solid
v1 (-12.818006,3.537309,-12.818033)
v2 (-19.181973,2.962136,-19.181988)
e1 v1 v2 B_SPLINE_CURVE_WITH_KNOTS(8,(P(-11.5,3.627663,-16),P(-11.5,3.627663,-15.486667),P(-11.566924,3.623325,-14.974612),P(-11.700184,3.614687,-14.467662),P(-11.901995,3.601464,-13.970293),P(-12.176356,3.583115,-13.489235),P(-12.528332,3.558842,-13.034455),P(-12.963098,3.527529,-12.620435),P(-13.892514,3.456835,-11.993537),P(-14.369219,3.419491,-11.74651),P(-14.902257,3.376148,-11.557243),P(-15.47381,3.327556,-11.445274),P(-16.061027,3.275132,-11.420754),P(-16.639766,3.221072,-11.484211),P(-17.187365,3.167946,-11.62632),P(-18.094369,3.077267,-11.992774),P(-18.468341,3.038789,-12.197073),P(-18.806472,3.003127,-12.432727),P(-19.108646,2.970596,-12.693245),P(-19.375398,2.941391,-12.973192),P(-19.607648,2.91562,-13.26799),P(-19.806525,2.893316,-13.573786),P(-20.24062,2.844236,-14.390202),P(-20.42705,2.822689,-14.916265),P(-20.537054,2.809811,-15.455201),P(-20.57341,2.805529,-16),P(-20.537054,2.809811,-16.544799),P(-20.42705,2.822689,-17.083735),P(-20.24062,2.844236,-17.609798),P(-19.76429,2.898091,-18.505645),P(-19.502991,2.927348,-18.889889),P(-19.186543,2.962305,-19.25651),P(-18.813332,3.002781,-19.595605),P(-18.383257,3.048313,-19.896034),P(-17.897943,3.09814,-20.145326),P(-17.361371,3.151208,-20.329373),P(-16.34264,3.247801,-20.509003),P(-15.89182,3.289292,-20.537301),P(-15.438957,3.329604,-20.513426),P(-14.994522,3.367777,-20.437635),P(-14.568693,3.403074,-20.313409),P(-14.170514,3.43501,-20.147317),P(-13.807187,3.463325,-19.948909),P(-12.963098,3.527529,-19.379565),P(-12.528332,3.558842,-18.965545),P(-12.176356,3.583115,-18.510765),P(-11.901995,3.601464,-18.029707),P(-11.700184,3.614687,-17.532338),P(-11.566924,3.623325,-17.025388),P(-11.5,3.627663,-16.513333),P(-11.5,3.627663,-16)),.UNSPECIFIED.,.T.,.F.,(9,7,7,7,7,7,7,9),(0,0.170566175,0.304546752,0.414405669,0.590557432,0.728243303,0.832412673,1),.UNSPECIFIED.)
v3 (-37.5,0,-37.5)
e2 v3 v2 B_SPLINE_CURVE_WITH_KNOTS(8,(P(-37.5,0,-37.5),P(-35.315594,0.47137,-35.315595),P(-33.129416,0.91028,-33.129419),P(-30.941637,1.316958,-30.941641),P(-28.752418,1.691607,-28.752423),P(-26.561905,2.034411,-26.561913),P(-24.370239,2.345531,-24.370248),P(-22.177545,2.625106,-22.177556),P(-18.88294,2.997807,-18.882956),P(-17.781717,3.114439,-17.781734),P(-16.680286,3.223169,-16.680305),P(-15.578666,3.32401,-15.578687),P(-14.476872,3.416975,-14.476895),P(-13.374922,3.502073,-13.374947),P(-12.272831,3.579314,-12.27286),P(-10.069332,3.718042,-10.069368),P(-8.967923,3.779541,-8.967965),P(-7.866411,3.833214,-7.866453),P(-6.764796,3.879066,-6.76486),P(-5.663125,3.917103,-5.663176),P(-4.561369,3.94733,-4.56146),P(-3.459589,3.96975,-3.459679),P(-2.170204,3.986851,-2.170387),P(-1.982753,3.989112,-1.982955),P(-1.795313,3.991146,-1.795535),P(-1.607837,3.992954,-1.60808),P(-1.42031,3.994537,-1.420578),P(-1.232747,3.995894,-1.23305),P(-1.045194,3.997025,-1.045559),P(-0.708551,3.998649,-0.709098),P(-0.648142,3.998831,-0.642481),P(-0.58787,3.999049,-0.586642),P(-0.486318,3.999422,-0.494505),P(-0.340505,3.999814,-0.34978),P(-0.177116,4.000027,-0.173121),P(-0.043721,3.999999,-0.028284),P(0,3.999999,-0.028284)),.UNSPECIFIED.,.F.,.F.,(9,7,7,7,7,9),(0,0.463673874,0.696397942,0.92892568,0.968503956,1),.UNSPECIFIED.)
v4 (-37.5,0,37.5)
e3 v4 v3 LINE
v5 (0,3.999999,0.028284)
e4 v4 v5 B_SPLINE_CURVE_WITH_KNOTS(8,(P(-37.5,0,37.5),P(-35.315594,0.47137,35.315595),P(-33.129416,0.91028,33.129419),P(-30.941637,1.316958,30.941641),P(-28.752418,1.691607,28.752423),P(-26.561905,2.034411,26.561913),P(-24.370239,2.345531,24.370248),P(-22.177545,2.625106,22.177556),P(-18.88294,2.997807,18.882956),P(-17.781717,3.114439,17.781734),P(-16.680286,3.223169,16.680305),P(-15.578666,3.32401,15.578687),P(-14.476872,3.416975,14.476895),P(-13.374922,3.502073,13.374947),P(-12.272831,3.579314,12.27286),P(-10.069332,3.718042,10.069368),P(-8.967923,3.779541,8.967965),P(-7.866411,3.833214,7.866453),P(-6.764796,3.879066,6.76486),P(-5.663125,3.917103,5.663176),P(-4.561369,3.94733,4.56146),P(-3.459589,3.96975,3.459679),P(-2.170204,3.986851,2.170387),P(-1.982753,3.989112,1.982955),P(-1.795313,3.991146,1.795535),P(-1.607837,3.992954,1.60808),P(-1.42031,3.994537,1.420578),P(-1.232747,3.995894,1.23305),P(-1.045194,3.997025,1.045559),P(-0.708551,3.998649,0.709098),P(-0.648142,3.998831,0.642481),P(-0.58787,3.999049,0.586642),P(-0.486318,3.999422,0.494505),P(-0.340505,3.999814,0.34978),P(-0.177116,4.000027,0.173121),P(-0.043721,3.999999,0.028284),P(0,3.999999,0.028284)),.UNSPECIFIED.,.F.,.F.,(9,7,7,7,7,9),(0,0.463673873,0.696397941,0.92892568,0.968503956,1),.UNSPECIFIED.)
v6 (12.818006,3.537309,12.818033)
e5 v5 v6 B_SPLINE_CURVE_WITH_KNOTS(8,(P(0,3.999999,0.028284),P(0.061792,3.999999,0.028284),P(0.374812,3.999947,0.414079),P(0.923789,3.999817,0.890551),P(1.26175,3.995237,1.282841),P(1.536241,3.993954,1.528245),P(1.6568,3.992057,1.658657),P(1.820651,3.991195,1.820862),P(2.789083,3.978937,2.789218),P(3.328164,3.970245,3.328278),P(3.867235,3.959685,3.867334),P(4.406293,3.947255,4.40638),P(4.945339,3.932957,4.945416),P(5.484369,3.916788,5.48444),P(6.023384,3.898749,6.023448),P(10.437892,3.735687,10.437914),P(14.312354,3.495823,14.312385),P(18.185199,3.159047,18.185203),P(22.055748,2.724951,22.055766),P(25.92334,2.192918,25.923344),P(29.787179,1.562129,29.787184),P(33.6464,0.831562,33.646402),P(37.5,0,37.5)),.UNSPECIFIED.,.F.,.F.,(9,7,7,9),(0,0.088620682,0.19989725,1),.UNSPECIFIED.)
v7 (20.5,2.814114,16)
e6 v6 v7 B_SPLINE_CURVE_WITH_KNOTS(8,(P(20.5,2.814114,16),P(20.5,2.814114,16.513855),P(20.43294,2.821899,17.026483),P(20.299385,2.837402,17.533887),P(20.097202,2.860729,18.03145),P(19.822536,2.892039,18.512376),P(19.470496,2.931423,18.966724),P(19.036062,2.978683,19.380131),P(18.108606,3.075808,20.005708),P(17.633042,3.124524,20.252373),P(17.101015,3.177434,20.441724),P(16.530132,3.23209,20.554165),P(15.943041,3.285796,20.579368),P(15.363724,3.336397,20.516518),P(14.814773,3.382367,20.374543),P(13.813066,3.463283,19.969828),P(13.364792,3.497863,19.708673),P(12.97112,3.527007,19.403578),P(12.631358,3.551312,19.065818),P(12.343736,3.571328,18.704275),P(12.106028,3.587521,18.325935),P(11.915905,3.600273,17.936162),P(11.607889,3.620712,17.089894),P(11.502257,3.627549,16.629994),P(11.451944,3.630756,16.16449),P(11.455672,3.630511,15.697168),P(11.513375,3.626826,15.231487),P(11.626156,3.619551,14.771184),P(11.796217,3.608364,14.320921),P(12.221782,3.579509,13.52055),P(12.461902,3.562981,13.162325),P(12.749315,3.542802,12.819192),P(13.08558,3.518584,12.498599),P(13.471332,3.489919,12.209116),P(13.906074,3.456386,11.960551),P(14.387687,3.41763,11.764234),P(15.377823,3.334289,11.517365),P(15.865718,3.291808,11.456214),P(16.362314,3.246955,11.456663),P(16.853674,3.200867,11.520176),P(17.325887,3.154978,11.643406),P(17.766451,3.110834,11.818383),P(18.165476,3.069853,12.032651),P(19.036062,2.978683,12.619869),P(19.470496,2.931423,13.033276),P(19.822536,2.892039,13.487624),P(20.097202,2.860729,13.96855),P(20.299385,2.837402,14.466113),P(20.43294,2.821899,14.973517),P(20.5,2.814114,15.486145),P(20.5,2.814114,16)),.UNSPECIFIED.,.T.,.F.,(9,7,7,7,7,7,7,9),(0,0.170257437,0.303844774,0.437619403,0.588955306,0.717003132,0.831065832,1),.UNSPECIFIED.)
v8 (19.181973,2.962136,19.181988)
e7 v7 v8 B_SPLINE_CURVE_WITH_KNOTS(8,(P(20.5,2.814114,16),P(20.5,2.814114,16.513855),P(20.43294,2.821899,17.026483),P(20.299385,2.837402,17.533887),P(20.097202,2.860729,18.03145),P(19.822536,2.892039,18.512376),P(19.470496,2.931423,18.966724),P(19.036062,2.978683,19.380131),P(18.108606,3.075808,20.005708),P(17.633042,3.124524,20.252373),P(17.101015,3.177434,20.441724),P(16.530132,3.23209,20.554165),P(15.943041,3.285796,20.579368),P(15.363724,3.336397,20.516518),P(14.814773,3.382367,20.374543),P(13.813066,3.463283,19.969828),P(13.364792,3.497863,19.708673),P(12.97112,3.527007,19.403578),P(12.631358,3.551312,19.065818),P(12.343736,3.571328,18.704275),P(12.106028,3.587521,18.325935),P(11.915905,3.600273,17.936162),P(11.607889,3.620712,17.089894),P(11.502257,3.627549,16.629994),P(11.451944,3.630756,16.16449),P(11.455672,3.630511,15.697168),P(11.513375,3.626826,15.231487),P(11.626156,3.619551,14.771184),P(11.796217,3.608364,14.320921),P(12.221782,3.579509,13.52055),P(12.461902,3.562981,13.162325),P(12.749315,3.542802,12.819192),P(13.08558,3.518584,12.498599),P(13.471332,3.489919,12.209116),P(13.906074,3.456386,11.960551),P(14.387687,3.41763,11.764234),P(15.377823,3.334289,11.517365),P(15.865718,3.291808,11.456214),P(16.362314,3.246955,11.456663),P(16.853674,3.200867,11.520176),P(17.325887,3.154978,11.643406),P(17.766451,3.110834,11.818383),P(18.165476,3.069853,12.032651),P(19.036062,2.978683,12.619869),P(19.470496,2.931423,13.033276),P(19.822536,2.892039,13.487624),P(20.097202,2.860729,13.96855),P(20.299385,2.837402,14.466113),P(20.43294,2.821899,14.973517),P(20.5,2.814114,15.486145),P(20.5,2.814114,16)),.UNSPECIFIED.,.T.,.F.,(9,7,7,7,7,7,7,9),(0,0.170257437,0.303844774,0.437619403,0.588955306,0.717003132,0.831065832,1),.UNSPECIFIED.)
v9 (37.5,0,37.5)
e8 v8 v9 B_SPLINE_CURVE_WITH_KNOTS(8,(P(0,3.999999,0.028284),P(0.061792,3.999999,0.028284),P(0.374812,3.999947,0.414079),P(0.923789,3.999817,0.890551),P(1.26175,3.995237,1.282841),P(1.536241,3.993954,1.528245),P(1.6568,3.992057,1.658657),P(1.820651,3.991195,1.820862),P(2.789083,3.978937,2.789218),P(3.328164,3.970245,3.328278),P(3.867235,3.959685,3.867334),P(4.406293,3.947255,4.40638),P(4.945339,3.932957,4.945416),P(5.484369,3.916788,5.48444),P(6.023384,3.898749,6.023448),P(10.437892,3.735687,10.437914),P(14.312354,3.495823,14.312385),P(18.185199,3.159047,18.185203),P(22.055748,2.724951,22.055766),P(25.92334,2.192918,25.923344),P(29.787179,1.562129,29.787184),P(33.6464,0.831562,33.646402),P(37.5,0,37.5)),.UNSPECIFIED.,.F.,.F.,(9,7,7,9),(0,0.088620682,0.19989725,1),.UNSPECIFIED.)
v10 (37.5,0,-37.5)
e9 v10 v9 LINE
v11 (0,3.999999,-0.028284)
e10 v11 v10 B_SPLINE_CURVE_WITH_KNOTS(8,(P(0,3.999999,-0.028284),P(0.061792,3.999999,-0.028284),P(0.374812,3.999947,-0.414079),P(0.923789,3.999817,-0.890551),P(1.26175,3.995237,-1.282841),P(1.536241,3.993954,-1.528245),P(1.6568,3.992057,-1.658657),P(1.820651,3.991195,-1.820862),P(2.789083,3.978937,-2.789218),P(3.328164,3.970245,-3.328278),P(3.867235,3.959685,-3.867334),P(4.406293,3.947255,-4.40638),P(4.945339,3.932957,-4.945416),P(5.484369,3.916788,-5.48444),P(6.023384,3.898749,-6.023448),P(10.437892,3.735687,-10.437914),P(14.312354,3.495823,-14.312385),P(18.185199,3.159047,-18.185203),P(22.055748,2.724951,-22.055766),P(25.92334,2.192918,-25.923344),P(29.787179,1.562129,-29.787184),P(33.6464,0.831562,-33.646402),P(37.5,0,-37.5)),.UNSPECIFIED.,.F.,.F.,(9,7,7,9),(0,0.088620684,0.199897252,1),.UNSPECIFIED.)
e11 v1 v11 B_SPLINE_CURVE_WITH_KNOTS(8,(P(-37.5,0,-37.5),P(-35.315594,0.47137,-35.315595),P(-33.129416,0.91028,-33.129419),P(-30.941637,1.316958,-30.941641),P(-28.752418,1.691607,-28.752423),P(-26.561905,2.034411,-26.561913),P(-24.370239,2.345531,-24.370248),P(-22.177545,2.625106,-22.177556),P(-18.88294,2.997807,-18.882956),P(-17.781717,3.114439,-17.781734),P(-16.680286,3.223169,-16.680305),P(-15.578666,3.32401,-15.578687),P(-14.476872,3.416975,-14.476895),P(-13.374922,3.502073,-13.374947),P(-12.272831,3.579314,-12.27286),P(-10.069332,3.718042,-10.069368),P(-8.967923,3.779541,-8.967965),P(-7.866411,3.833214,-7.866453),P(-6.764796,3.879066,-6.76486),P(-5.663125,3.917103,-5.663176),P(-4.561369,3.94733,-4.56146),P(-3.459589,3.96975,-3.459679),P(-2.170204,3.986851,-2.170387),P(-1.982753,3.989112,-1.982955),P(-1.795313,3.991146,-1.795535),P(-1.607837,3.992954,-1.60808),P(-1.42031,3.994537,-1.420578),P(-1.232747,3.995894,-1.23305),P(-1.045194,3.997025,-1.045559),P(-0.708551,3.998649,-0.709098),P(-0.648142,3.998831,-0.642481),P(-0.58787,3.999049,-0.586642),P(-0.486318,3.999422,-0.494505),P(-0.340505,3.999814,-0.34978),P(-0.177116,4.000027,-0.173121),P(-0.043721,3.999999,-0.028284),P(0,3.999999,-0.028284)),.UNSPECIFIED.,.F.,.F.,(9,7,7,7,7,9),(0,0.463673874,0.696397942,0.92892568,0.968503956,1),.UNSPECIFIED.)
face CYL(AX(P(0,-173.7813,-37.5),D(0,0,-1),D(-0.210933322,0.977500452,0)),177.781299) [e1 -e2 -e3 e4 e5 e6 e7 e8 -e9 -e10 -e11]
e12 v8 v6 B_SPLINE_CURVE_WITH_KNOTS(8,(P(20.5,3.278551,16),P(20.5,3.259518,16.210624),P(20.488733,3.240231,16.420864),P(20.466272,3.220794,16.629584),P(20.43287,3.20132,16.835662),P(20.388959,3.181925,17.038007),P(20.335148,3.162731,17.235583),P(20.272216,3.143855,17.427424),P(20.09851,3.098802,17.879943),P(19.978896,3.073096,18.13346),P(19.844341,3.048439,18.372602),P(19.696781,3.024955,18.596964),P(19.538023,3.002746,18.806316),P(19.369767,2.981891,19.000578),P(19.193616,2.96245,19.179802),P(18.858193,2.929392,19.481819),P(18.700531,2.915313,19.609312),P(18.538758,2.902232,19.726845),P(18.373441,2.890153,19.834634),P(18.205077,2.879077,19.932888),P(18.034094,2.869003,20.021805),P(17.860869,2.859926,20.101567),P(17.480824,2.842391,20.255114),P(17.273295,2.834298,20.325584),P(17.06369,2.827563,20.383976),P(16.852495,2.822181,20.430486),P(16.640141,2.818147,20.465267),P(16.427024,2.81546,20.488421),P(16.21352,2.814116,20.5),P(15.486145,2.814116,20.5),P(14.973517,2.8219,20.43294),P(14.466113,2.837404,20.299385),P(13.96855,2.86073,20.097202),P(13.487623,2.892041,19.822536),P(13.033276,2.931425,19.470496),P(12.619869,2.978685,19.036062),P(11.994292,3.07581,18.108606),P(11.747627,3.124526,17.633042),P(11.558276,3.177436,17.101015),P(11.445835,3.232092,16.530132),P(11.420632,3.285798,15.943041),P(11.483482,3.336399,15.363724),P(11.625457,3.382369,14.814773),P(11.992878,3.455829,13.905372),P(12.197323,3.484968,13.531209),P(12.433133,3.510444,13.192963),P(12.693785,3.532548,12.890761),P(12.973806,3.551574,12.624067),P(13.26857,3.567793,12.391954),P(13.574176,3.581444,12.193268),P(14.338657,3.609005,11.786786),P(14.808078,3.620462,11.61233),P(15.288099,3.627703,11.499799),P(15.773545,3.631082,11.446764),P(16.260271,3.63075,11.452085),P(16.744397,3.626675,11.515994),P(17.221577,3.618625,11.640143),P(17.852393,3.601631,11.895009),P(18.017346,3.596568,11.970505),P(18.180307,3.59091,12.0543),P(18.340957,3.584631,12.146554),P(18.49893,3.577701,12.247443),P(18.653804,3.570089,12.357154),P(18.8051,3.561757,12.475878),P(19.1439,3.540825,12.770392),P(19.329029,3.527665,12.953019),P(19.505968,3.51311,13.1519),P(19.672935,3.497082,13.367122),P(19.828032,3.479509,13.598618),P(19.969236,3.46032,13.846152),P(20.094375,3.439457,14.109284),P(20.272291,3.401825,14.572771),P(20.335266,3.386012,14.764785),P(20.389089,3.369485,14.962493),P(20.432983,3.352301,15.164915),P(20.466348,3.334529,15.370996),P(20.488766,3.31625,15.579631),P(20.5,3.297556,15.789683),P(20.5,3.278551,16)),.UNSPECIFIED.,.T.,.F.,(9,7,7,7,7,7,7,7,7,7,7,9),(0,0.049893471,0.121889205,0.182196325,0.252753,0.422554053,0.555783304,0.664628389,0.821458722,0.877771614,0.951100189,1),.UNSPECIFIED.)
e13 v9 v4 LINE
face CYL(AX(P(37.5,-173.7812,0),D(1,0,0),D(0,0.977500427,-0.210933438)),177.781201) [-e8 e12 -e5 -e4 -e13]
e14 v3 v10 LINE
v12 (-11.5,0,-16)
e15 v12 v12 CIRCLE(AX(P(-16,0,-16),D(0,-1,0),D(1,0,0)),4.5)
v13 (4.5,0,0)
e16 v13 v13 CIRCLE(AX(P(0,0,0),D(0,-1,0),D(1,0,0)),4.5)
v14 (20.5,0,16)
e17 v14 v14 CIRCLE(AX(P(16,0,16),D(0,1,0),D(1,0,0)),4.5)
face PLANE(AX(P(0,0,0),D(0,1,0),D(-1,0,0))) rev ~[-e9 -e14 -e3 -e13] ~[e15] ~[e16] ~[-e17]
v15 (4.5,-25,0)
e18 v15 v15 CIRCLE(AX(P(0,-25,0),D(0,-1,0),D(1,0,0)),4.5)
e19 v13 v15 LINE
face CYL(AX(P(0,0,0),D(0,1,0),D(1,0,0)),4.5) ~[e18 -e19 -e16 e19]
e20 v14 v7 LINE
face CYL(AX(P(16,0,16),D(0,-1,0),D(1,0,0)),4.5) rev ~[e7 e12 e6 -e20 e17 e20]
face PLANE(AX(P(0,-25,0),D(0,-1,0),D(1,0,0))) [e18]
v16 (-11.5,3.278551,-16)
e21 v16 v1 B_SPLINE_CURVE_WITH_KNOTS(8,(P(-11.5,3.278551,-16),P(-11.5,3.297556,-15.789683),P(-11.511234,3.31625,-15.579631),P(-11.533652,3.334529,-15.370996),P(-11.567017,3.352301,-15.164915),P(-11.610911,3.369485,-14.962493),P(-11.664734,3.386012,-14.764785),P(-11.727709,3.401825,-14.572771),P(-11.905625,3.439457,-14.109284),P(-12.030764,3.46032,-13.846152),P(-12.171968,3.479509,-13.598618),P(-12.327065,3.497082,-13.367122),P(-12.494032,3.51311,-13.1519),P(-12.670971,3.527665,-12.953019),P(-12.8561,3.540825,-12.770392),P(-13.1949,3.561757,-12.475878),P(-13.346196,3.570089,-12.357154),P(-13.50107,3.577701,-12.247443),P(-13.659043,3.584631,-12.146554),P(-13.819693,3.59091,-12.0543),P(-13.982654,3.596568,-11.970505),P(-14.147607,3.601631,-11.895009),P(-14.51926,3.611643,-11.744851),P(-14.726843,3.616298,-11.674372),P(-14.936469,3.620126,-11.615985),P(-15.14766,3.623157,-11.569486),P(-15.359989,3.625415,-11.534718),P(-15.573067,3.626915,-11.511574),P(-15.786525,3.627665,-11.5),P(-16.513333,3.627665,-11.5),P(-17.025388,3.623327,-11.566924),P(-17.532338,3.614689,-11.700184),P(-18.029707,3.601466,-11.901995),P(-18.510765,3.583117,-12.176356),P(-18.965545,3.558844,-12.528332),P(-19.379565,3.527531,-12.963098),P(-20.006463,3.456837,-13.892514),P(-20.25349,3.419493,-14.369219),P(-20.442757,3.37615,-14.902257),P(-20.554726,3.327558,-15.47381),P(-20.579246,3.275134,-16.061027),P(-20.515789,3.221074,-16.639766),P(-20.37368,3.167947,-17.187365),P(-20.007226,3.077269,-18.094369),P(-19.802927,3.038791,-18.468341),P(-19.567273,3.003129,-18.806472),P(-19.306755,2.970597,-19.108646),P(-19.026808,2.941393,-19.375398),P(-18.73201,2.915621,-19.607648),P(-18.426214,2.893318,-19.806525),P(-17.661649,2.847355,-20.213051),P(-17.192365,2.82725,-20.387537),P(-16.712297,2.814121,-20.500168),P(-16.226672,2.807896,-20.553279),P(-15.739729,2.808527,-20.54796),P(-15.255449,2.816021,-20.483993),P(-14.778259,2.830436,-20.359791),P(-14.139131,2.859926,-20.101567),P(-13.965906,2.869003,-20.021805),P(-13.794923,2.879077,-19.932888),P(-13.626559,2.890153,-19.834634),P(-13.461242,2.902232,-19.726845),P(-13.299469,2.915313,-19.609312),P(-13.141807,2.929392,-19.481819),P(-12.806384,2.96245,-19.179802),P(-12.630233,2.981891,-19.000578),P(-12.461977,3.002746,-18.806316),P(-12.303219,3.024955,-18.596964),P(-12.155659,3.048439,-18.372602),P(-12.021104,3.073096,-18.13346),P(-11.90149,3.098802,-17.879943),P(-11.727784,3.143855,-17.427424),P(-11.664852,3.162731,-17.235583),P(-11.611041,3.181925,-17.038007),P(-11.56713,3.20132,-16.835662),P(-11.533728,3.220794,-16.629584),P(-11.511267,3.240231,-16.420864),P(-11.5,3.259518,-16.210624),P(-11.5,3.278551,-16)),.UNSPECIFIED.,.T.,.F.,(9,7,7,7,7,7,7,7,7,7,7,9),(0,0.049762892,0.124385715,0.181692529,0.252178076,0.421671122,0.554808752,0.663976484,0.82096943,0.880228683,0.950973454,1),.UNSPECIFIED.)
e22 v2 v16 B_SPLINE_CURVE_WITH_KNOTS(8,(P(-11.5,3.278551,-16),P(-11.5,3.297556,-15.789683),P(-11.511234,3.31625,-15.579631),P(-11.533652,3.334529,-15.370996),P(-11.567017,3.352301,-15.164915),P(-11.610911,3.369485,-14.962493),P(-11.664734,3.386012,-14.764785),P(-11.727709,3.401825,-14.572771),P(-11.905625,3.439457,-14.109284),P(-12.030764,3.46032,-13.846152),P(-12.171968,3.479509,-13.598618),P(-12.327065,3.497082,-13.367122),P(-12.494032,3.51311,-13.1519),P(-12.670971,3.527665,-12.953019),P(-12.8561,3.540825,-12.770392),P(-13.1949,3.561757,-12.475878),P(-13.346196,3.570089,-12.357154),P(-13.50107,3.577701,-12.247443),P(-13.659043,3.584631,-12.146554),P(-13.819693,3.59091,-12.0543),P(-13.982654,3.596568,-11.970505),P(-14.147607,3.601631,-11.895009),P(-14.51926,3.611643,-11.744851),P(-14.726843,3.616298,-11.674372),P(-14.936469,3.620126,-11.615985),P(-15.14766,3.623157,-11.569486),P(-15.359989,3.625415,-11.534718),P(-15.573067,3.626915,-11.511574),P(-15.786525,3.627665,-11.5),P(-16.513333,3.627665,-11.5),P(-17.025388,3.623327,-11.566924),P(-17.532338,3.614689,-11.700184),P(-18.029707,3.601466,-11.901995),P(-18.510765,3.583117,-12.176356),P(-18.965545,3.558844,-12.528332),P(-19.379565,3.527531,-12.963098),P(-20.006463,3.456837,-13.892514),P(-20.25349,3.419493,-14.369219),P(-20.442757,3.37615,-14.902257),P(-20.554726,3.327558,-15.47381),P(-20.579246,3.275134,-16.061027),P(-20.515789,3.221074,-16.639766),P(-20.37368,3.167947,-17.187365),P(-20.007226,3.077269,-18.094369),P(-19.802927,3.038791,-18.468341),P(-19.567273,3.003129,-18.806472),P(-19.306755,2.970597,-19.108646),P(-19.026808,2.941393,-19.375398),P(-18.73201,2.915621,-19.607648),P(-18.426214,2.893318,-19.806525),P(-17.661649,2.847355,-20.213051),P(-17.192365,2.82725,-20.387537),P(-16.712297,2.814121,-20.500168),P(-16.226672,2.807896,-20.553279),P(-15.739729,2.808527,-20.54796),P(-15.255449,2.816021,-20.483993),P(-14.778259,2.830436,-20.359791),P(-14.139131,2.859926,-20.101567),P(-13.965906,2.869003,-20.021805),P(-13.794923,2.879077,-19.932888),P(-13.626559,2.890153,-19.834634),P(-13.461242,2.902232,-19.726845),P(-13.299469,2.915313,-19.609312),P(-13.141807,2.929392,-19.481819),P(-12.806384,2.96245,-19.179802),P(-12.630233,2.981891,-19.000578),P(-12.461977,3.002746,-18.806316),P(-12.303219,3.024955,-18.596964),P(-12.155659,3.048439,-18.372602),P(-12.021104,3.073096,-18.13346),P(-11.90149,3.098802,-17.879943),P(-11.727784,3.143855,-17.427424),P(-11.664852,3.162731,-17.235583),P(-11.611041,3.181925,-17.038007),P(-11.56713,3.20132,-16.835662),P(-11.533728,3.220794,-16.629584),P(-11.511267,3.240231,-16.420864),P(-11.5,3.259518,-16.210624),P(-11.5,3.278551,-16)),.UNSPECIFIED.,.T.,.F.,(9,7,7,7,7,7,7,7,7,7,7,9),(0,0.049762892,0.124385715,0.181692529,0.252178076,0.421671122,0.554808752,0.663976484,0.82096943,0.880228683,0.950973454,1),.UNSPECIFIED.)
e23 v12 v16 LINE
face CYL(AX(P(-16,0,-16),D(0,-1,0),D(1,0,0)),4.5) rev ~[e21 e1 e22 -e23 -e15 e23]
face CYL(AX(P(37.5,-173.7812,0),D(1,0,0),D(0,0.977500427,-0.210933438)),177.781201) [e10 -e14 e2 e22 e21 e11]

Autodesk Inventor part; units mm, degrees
ref_plane "YZ Plane" through (0, 0, 0) normal (1, 0, 0) x (0, 1, 0)
ref_plane "XZ Plane" through (0, 0, 0) normal (0, 1, 0) x (-1, 0, 0)
ref_plane "XY Plane" through (0, 0, 0) normal (0, 0, 1) x (1, 0, 0)
sketch "Sketch1" plane through (0, 0, 0) normal (0, 1, 0) x (-1, 0, 0)
  line L0 (37.5, -37.5) -> (-37.5, -37.5)
  line L1 (-37.5, -37.5) -> (-37.5, 37.5)
  line L2 (-37.5, 37.5) -> (37.5, 37.5)
  line L3 (37.5, 37.5) -> (37.5, -37.5)
  line L4 (37.5, -37.5) -> (-37.5, 37.5) construction
  line L5 (-37.5, -37.5) -> (37.5, 37.5) construction
  point P0 (0, 0)
  dimension "d0" = 75
  dimension "d1" = 75
sketch "Sketch2" plane through (0, 0, 0) normal (0, 1, 0) x (-1, 0, 0)
  line L0 (-25, -25) -> (25, -25)
  line L1 (25, -25) -> (25, 25)
  line L2 (25, 25) -> (-25, 25)
  line L3 (-25, 25) -> (-25, -25)
  line L4 (-25, -25) -> (25, 25) construction
  line L5 (25, -25) -> (-25, 25) construction
  point P0 (0, 0)
  dimension "d2" = 50
  dimension "d3" = 50
extrude "Extrusion1" add sketch "Sketch1" along normal blind 4
extrude "Extrusion2" [suppressed]
sketch "Sketch3" plane through (37.5, 0, 37.5) normal (1, 0, 0) x (0, 0, -1)
  line L0 (75, 4) -> (0, 4) projected
  line L1 (0, 0) -> (75, 0) projected
  line L2 (0, 0) -> (75, 0)
  arc A0 (75, 0) -> (0, 0) centre (37.5, -173.7812) ccw
  point P0 (37.5, 4)
extrude "Extrusion3" cut sketch "Sketch3" against normal through all keep common part
sketch "Sketch4" plane through (37.5, 0, -37.5) normal (0, 0, -1) x (-1, 0, 0)
  line L0 (75, 0) -> (75, 4) projected
  line L1 (0, 0) -> (75, 0)
  line L2 (0, 0) -> (0, 4) projected
  line L3 (75, 0) -> (0, 0) projected
  arc A0 (75, 0) -> (0, 0) centre (37.5, -173.7813) ccw
  point P0 (37.5, 0)
extrude "Extrusion4" cut sketch "Sketch4" against normal through all keep common part
sketch "Sketch5" plane through (0, 0, 0) normal (0, -1, 0) x (1, 0, 0)
  circle A0 centre (0, 0) radius 4.5
  dimension "d14" = 9
extrude "Extrusion5" add sketch "Sketch5" along normal blind 25
sketch "Sketch6" plane through (0, 0, 0) normal (0, -1, 0) x (1, 0, 0)
  circle A0 centre (-16, -16) radius 4.5
  circle A1 centre (16, 16) radius 4.5
  line L0 (0, 0) -> (37.5, 37.5) projected
  point P0 (0, 0)
  dimension "d17" = 9
  dimension "d18" = 9
  dimension "d19" = 16
  dimension "d20" = 16
  dimension "d21" = 16
  dimension "d22" = 16
extrude "Extrusion6" cut sketch "Sketch6" against normal through all
properties part number "thumper-bumper-trigger"
